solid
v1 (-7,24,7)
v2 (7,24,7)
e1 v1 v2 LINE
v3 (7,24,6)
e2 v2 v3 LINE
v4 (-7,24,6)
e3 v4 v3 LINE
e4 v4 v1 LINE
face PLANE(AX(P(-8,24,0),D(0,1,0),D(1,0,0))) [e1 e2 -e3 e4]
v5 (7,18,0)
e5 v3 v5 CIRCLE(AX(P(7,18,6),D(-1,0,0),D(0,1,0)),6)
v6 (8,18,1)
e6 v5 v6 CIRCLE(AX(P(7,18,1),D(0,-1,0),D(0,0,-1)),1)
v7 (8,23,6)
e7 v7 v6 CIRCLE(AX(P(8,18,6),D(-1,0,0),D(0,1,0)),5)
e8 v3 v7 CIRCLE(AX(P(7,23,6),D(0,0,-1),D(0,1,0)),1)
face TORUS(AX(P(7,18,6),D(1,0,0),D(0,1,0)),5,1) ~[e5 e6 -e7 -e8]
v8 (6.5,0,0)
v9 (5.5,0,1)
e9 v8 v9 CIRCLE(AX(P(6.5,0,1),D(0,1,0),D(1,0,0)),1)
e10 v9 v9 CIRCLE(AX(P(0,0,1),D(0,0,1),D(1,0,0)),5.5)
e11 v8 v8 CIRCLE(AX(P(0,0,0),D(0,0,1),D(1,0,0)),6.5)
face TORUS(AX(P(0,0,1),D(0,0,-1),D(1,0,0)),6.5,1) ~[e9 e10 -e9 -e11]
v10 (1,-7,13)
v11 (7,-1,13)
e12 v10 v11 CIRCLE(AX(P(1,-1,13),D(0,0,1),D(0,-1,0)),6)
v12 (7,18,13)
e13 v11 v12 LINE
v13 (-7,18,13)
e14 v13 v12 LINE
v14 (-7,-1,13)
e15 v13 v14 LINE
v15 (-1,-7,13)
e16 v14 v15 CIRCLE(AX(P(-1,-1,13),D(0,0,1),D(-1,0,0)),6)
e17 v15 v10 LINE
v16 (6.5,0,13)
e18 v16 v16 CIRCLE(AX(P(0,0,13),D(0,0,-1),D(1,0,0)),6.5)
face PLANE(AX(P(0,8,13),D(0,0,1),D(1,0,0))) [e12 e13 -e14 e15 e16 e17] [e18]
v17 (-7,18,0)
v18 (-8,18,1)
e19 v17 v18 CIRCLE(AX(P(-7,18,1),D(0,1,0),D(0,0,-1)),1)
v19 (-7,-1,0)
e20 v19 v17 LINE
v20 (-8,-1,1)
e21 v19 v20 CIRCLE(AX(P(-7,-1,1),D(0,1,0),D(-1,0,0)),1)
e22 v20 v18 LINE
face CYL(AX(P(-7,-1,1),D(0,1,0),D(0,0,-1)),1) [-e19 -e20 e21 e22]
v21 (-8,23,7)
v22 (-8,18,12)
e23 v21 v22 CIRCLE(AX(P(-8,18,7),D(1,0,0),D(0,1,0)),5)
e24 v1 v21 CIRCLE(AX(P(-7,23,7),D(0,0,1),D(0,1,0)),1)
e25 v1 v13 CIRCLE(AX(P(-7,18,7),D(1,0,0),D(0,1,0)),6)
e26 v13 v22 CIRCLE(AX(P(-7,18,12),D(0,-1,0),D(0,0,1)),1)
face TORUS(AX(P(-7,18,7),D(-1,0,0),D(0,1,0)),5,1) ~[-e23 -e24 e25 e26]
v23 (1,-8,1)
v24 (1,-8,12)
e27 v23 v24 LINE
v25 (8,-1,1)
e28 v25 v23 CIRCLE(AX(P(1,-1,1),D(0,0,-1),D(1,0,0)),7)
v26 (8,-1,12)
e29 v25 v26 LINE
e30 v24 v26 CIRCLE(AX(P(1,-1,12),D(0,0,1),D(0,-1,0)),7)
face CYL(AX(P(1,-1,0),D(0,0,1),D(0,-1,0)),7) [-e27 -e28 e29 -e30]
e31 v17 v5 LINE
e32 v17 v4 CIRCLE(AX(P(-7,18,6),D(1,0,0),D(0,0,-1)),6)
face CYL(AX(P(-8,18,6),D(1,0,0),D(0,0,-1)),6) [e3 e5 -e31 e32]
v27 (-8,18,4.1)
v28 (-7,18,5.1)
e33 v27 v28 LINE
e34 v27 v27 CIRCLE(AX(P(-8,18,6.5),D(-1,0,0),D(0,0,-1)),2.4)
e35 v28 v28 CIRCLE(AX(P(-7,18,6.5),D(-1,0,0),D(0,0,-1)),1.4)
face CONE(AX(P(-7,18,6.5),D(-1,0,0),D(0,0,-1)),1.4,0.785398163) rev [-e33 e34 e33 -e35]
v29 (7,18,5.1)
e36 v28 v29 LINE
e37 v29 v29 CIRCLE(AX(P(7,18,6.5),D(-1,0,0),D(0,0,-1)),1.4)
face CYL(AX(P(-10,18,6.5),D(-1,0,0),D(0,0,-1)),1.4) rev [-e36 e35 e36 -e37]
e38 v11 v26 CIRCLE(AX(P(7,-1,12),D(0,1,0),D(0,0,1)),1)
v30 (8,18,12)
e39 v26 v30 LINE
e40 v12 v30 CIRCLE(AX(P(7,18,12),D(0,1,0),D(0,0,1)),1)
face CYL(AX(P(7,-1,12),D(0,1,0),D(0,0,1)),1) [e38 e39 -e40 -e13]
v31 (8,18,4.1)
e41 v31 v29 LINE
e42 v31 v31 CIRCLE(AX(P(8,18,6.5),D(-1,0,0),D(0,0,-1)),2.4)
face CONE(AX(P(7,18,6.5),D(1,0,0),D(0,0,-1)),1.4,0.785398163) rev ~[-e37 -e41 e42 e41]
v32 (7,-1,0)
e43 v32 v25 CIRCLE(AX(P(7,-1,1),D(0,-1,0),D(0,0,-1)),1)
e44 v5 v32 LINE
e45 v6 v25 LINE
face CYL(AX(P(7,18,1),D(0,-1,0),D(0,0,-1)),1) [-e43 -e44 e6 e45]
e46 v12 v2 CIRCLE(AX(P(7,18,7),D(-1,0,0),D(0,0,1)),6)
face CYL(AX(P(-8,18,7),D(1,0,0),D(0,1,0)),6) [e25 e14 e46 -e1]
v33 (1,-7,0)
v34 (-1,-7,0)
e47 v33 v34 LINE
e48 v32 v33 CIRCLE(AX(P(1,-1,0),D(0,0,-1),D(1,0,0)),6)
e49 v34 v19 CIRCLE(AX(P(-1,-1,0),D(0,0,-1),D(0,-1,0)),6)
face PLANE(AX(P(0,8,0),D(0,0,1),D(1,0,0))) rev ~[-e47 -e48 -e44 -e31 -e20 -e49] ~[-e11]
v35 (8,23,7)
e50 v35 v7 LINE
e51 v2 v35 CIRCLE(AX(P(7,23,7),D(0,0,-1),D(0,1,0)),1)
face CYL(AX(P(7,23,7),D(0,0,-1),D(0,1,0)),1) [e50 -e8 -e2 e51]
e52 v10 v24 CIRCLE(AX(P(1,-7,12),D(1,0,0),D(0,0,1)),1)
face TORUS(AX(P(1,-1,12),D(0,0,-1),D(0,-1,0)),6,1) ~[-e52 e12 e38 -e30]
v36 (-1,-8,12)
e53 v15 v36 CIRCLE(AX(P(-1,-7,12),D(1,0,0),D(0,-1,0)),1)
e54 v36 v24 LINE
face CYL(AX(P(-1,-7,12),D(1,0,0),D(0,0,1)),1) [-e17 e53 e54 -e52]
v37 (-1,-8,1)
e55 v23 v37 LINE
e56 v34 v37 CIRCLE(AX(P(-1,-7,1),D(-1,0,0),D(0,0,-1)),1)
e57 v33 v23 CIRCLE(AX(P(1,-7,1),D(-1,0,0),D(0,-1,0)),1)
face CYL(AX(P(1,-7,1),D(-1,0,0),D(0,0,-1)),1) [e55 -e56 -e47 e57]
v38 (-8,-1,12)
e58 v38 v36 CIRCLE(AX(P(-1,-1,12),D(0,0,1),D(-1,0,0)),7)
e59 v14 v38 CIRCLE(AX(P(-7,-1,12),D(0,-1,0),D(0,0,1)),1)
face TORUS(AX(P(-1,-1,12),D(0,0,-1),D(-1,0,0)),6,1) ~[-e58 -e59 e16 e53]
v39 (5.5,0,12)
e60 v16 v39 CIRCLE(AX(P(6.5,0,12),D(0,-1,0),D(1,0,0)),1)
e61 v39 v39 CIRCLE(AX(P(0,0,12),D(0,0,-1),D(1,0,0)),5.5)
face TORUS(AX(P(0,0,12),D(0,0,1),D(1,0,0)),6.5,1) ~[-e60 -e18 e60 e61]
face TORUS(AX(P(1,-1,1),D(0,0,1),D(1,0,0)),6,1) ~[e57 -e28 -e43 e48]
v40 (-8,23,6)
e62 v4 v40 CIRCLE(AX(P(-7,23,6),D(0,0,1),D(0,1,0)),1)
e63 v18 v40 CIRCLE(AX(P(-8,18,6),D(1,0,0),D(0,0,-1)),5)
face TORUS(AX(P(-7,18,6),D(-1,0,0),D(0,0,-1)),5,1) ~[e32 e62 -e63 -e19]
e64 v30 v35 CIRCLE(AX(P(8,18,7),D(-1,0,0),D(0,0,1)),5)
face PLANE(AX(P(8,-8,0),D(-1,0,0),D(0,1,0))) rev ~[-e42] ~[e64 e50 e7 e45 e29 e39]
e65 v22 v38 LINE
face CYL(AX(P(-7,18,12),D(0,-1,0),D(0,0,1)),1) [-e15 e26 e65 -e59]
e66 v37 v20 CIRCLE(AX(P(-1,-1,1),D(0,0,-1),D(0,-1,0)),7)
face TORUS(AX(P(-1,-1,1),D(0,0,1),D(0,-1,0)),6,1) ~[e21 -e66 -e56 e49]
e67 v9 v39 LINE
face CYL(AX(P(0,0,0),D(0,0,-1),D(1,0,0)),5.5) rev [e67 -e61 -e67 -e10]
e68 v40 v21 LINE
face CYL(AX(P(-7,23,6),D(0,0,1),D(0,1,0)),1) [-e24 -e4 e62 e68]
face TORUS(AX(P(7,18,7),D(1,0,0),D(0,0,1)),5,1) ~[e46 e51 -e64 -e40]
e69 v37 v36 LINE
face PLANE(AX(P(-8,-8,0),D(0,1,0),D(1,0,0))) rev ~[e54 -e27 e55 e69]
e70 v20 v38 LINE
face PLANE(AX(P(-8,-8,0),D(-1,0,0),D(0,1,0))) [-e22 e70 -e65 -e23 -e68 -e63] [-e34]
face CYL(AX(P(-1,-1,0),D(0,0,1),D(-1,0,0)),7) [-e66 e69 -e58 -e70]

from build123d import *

# Parameters (mm, degrees)
CYLINDER008_R     = 5.5
CYLINDER008_DEPTH = 20
CYLINDER009_R     = 1.4
CYLINDER009_DEPTH = 20
BOX002_W          = 16
BOX002_H          = 32
BOX002_DEPTH      = 13
FILLET008_R       = 7
FILLET009_R       = 6
FILLET010_R       = 1
FILLET011_R       = 1
CHAMFER007_SIZE   = 1


with BuildPart() as cylinder:
    # Cylinder008 → Cylinder008 (new body)
    with BuildSketch(Plane.XY):
        Circle(CYLINDER008_R)
    extrude(amount=CYLINDER008_DEPTH)


with BuildPart() as fusion004:
    # Cylinder009 → Cylinder009 (new body)
    with BuildSketch(Plane(origin=(-10, 18, 6.5), x_dir=(0, 0, -1), z_dir=(1, 0, 0))):
        Circle(CYLINDER009_R)
    extrude(amount=CYLINDER009_DEPTH)

    # Fusion004: union Cylinder
    add(cylinder.part)


with BuildPart() as hindge003:
    # Box002 → Box002 (new body)
    with BuildSketch(Plane(origin=(-8, -8, 0), x_dir=(1, 0, 0), z_dir=(0, 0, 1))):
        with Locations((8, 16)):
            Rectangle(BOX002_W, BOX002_H)
    extrude(amount=BOX002_DEPTH)

    # Fillet008
    fillet008_edges = [hindge003.edges().sort_by_distance(p)[0] for p in [
        (-8, -8, 6.5),
        (8, -8, 6.5),
    ]]
    fillet(fillet008_edges, radius=FILLET008_R)

    # Fillet009
    fillet009_edges = [hindge003.edges().sort_by_distance(p)[0] for p in [
        (0, 24, 13),
        (0, 24, 0),
    ]]
    fillet(fillet009_edges, radius=FILLET009_R)

    # Fillet010
    fillet010_edges = [hindge003.edges().sort_by_distance(p)[0] for p in [
        (8, 8.5, 13),
    ]]
    fillet(fillet010_edges, radius=FILLET010_R)

    # Cut004: cut Fusion004
    add(fusion004.part, mode=Mode.SUBTRACT)

    # Fillet011
    fillet011_edges = [hindge003.edges().sort_by_distance(p)[0] for p in [
        (-5.5, 0, 0),
        (-5.5, 0, 13),
    ]]
    fillet(fillet011_edges, radius=FILLET011_R)

    # Chamfer007
    chamfer007_edges = [hindge003.edges().sort_by_distance(p)[0] for p in [
        (-8, 18, 7.9),
        (8, 18, 7.9),
    ]]
    chamfer(chamfer007_edges, length=CHAMFER007_SIZE)


solid = hindge003.part
